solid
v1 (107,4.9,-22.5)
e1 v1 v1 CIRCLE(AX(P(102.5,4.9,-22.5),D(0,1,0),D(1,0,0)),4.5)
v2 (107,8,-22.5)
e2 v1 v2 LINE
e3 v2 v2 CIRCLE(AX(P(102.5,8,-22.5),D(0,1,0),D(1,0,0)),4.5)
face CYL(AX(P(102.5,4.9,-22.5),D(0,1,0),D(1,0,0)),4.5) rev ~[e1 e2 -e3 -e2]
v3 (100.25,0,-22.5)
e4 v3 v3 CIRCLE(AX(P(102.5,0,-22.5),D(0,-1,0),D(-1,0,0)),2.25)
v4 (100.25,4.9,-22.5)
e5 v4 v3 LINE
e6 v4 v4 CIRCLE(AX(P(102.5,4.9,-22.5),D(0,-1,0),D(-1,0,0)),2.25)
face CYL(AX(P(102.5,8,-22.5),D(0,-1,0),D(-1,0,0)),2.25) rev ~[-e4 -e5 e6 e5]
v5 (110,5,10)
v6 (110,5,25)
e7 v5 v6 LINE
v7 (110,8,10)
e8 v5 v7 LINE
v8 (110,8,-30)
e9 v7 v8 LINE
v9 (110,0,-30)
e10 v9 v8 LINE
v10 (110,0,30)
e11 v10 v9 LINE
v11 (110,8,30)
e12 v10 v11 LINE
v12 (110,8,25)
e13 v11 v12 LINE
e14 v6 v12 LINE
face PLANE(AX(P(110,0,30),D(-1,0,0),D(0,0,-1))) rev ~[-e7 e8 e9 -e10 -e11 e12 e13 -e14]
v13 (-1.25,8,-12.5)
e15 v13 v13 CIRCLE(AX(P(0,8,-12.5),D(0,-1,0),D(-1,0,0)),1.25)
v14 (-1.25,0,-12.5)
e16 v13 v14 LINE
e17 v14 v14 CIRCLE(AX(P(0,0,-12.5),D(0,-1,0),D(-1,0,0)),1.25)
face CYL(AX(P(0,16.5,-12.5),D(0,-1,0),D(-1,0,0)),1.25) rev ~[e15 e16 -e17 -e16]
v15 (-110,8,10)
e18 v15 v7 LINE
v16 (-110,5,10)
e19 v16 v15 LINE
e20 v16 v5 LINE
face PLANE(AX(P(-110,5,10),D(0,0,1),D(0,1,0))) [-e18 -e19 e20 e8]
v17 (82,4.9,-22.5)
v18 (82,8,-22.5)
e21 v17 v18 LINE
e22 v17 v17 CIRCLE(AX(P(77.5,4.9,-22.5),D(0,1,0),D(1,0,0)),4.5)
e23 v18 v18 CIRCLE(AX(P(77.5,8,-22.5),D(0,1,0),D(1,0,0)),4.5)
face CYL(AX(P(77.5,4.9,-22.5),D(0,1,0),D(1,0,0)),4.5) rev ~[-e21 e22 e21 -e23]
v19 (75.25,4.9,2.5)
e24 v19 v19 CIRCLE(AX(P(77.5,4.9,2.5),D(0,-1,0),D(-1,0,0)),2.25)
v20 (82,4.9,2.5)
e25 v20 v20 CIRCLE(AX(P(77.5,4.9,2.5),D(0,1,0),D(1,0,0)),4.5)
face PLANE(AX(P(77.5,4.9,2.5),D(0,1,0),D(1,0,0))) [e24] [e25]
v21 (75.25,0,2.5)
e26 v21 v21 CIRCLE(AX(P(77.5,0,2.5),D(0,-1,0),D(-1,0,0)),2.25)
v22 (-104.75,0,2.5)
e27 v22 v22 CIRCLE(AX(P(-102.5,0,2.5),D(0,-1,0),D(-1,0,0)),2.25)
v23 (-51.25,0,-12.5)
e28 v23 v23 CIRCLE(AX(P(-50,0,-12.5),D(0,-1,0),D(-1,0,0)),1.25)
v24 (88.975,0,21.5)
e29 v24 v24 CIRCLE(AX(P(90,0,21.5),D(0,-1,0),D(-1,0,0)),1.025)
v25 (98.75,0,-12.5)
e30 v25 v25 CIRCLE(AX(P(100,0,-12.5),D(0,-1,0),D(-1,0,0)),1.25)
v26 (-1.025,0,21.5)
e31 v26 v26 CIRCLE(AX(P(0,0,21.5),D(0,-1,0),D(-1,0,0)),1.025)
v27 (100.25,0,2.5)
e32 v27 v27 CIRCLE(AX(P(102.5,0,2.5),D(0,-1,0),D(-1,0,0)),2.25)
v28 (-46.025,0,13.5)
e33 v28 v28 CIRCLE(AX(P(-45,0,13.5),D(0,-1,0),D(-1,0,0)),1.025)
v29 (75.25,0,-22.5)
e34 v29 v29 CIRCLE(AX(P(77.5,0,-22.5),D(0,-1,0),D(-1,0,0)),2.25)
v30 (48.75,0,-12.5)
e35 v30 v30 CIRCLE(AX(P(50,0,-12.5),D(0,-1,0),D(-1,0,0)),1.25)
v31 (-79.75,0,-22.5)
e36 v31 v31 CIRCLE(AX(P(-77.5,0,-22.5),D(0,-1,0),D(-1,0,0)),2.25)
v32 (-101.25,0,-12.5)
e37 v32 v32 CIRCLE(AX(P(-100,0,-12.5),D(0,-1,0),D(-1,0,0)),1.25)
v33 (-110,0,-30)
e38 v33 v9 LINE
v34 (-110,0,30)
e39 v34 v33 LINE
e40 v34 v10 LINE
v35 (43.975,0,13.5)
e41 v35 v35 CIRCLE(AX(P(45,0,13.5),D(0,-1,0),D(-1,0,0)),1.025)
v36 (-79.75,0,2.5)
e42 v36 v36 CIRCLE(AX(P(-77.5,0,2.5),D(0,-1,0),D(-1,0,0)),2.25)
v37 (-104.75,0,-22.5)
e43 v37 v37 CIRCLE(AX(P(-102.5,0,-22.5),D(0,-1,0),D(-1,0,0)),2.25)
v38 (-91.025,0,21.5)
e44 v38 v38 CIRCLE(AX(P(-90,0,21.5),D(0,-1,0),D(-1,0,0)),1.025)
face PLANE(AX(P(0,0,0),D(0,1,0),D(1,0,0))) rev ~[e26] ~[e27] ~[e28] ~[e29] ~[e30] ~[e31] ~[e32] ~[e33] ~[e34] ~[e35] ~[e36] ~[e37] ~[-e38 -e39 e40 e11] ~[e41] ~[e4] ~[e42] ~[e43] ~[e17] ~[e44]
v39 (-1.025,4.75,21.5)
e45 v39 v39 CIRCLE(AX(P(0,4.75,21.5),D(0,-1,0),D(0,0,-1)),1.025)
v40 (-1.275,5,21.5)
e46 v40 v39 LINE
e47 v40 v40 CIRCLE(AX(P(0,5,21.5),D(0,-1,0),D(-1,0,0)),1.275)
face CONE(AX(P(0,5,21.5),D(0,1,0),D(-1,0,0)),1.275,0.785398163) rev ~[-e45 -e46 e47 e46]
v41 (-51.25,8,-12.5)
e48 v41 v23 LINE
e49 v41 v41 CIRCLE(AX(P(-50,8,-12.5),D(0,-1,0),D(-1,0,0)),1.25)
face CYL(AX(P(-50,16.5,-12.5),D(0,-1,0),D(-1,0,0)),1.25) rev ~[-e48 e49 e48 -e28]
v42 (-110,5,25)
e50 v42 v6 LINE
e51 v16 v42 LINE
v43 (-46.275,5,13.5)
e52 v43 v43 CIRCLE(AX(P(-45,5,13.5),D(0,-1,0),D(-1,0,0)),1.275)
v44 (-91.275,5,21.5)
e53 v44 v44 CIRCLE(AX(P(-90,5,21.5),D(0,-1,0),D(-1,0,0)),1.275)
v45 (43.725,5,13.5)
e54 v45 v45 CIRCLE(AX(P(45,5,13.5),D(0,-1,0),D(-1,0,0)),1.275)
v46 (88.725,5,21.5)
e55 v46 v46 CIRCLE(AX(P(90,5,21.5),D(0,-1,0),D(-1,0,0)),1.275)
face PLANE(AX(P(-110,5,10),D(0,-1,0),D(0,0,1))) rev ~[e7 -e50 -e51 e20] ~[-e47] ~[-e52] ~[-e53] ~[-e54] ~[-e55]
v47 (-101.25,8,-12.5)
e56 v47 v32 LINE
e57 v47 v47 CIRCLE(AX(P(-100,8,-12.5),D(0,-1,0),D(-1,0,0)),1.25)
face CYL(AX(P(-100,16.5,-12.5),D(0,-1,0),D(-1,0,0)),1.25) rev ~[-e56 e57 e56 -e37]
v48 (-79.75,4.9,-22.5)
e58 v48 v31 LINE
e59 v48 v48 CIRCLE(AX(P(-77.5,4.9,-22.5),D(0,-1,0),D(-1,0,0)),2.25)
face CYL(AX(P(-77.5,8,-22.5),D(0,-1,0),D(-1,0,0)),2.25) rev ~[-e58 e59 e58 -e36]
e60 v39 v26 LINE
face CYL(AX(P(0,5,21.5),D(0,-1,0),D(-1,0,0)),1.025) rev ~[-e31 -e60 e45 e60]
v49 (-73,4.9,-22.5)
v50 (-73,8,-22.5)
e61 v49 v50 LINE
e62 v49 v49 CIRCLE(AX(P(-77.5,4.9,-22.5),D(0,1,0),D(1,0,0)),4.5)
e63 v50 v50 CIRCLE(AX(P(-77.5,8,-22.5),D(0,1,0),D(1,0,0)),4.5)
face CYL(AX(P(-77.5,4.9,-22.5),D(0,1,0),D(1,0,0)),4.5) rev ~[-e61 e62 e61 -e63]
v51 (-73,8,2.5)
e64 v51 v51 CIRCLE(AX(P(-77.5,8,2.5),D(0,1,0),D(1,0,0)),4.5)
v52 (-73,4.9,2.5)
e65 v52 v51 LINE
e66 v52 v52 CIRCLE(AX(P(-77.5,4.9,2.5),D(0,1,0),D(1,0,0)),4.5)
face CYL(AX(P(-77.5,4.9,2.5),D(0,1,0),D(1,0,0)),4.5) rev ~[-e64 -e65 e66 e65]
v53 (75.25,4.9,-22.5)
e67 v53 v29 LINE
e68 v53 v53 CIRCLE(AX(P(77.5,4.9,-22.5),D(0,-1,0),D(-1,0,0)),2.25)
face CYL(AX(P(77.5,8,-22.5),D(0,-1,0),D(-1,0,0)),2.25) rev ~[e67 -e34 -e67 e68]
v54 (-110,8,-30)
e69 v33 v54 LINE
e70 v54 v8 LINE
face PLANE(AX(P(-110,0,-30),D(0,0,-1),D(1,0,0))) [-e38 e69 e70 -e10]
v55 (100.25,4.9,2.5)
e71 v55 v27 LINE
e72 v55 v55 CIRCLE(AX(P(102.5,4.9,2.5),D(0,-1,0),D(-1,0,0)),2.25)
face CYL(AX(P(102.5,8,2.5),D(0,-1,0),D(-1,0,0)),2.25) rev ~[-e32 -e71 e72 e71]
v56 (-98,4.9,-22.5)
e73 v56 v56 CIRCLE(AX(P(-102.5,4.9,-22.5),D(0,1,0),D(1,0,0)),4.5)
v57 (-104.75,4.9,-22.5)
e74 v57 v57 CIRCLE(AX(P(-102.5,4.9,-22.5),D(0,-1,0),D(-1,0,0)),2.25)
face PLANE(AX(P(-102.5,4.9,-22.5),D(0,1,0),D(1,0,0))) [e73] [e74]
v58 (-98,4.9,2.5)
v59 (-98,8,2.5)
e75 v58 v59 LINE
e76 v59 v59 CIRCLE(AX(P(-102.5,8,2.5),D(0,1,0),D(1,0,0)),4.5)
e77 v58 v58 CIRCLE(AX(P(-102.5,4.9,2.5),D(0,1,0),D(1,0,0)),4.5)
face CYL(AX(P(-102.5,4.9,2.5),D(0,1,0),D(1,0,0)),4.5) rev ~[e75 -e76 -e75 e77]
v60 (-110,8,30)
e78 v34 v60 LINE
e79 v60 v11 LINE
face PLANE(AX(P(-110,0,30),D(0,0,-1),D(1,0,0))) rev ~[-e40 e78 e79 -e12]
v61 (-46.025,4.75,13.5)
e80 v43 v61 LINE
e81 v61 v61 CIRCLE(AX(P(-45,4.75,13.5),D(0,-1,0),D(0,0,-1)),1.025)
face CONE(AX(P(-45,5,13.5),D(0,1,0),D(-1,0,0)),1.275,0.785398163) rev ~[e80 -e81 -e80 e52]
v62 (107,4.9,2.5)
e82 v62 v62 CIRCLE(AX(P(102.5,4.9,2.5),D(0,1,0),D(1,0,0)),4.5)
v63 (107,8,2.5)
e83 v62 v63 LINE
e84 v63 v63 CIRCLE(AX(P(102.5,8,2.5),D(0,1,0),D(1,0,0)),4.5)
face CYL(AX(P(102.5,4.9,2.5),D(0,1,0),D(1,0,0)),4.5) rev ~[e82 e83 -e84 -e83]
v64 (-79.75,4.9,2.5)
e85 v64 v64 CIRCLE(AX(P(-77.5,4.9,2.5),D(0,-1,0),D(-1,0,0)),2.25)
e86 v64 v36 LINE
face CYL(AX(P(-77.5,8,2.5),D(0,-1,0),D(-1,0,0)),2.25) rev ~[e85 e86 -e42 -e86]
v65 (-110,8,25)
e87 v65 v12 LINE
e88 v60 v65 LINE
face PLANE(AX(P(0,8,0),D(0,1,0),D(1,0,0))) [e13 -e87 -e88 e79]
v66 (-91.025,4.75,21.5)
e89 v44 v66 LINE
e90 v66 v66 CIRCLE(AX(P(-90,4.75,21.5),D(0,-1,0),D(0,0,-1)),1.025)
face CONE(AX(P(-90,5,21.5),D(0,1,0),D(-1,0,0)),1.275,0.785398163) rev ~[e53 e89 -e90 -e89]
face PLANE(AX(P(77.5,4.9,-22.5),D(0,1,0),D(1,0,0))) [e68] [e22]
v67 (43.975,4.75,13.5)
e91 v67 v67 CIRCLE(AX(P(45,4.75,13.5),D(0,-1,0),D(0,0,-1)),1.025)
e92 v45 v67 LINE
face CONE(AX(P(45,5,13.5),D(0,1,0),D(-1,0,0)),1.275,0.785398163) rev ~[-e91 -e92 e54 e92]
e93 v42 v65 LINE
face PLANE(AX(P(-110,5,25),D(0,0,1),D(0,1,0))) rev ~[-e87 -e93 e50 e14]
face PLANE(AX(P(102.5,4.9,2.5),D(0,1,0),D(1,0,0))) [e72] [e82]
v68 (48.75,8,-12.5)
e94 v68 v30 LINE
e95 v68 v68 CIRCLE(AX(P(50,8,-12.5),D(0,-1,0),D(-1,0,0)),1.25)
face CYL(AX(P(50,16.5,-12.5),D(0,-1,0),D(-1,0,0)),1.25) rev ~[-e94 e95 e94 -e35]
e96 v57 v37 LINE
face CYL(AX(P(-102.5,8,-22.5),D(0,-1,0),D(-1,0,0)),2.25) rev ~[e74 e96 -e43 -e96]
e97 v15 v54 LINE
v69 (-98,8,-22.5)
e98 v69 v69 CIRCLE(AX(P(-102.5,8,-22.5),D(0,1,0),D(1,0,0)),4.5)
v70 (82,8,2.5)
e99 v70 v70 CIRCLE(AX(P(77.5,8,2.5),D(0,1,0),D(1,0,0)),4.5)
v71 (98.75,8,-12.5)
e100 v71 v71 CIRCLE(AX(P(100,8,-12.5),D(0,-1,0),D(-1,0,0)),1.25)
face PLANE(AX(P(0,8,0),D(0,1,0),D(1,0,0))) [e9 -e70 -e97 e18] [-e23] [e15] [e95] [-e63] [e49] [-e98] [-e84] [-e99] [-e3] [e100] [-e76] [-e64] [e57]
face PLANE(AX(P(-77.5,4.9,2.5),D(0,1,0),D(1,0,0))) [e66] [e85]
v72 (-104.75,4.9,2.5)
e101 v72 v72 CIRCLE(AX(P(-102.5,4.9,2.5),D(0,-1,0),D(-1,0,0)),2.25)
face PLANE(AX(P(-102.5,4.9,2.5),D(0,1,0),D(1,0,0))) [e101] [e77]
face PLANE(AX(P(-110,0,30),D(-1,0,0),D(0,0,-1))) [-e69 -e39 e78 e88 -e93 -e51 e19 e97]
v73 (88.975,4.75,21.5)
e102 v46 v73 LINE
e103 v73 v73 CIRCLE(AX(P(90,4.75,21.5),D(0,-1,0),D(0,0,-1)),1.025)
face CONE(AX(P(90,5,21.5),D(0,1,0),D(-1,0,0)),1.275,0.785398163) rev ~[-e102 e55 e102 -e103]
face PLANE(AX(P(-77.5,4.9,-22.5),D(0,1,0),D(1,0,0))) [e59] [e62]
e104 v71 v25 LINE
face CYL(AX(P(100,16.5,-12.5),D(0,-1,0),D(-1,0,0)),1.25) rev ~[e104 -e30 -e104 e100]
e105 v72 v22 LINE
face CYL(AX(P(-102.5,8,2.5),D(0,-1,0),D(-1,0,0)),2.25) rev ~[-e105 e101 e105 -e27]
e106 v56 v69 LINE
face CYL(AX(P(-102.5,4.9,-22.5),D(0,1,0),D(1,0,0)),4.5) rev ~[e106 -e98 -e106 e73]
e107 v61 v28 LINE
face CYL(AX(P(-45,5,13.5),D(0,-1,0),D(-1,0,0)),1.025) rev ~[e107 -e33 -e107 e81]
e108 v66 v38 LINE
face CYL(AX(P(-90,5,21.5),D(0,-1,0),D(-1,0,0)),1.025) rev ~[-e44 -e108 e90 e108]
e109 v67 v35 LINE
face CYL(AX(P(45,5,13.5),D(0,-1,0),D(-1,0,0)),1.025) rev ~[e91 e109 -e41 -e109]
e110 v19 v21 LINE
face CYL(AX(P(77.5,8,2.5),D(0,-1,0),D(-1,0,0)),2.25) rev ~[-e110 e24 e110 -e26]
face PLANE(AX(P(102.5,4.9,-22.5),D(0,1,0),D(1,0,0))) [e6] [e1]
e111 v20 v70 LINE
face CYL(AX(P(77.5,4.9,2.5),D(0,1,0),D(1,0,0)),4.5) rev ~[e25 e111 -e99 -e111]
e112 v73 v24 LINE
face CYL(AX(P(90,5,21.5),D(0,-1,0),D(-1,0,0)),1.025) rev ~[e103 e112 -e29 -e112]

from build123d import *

# Parameters (mm, degrees)
SKIZZE1_W                                            = 220
SKIZZE1_H                                            = 60
AUFSATZ_LINEAR_AUSTRAGEN1_DEPTH                      = 8
STIRNSENKUNG_F_R_M4_FLACHKOPFSCHRAUBE_MI_D           = 4.5
STIRNSENKUNG_F_R_M4_FLACHKOPFSCHRAUBE_MI_DEPTH       = 11.5
STIRNSENKUNG_F_R_M4_FLACHKOPFSCHRAUBE_MI_CBORE_D     = 9
STIRNSENKUNG_F_R_M4_FLACHKOPFSCHRAUBE_MI_CBORE_DEPTH = 3.1
STIRNSENKUNG_F_R_M4_FLACHKOPFSCHRAUBE_MI_TIP         = 1.351936393
M3_GEWINDEBOHRUNG1_D                                 = 2.5
M3_GEWINDEBOHRUNG1_DEPTH                             = 8.5
M3_GEWINDEBOHRUNG1_TIP                               = 0.751075774
SKIZZE8_W                                            = 15
SKIZZE8_H                                            = 3
SCHNITT_LINEAR_AUSTRAGEN1_DEPTH                      = 223.18010712
M2_5_GEWINDEBOHRUNG1_D                               = 2.05
M2_5_GEWINDEBOHRUNG1_CSINK_D                         = 2.55
M2_5_GEWINDEBOHRUNG1_CSINK_ANGLE                     = 90


with BuildPart() as part:
    # Skizze1 → Aufsatz-Linear austragen1 (new body)
    with BuildSketch(Plane(origin=(0, 0, 0), x_dir=(1, 0, 0), z_dir=(0, 1, 0))):
        Rectangle(SKIZZE1_W, SKIZZE1_H)
    extrude(amount=AUFSATZ_LINEAR_AUSTRAGEN1_DEPTH)

    # Stirnsenkung für M4 Flachkopfschraube mit Schlitz1
    with Locations(Plane(origin=(0, 8, 0), x_dir=(1, 0, 0), z_dir=(0, 1, 0))):
        with Locations((-102.5, 22.5), (-77.5, 22.5), (-77.5, -2.5), (-102.5, -2.5), (102.5, -2.5), (77.5, -2.5), (77.5, 22.5), (102.5, 22.5)):
            CounterBoreHole(STIRNSENKUNG_F_R_M4_FLACHKOPFSCHRAUBE_MI_D / 2, STIRNSENKUNG_F_R_M4_FLACHKOPFSCHRAUBE_MI_CBORE_D / 2, STIRNSENKUNG_F_R_M4_FLACHKOPFSCHRAUBE_MI_CBORE_DEPTH, depth=STIRNSENKUNG_F_R_M4_FLACHKOPFSCHRAUBE_MI_DEPTH)
            with Locations((0, 0, -(STIRNSENKUNG_F_R_M4_FLACHKOPFSCHRAUBE_MI_DEPTH + STIRNSENKUNG_F_R_M4_FLACHKOPFSCHRAUBE_MI_TIP / 2))):  # 118° drill point
                Cone(0, STIRNSENKUNG_F_R_M4_FLACHKOPFSCHRAUBE_MI_D / 2, STIRNSENKUNG_F_R_M4_FLACHKOPFSCHRAUBE_MI_TIP, mode=Mode.SUBTRACT)

    # M3 Gewindebohrung1
    with Locations(Plane(origin=(0, 8, 0), x_dir=(1, 0, 0), z_dir=(0, 1, 0))):
        with Locations((-50, 12.5), (0, 12.5), (50, 12.5), (100, 12.5), (-100, 12.5), (150, 12.5), (200, 12.5)):
            Hole(M3_GEWINDEBOHRUNG1_D / 2, depth=M3_GEWINDEBOHRUNG1_DEPTH)
            with Locations((0, 0, -(M3_GEWINDEBOHRUNG1_DEPTH + M3_GEWINDEBOHRUNG1_TIP / 2))):  # 118° drill point
                Cone(0, M3_GEWINDEBOHRUNG1_D / 2, M3_GEWINDEBOHRUNG1_TIP, mode=Mode.SUBTRACT)

    # Skizze8 → Schnitt-Linear austragen1 (cut, through all)
    with BuildSketch(Plane.ZY.offset(110)):
        with Locations((17.5, 6.5)):
            Rectangle(SKIZZE8_W, SKIZZE8_H)
    extrude(amount=-SCHNITT_LINEAR_AUSTRAGEN1_DEPTH, mode=Mode.SUBTRACT)

    # M2.5 Gewindebohrung1 (through all)
    with Locations(Plane(origin=(0, 5, 0), x_dir=(1, 0, 0), z_dir=(0, 1, 0))):
        with Locations((-90, -21.5), (0, -21.5), (90, -21.5), (45, -13.5), (-45, -13.5)):
            CounterSinkHole(M2_5_GEWINDEBOHRUNG1_D / 2, M2_5_GEWINDEBOHRUNG1_CSINK_D / 2, counter_sink_angle=M2_5_GEWINDEBOHRUNG1_CSINK_ANGLE)


solid = part.part
